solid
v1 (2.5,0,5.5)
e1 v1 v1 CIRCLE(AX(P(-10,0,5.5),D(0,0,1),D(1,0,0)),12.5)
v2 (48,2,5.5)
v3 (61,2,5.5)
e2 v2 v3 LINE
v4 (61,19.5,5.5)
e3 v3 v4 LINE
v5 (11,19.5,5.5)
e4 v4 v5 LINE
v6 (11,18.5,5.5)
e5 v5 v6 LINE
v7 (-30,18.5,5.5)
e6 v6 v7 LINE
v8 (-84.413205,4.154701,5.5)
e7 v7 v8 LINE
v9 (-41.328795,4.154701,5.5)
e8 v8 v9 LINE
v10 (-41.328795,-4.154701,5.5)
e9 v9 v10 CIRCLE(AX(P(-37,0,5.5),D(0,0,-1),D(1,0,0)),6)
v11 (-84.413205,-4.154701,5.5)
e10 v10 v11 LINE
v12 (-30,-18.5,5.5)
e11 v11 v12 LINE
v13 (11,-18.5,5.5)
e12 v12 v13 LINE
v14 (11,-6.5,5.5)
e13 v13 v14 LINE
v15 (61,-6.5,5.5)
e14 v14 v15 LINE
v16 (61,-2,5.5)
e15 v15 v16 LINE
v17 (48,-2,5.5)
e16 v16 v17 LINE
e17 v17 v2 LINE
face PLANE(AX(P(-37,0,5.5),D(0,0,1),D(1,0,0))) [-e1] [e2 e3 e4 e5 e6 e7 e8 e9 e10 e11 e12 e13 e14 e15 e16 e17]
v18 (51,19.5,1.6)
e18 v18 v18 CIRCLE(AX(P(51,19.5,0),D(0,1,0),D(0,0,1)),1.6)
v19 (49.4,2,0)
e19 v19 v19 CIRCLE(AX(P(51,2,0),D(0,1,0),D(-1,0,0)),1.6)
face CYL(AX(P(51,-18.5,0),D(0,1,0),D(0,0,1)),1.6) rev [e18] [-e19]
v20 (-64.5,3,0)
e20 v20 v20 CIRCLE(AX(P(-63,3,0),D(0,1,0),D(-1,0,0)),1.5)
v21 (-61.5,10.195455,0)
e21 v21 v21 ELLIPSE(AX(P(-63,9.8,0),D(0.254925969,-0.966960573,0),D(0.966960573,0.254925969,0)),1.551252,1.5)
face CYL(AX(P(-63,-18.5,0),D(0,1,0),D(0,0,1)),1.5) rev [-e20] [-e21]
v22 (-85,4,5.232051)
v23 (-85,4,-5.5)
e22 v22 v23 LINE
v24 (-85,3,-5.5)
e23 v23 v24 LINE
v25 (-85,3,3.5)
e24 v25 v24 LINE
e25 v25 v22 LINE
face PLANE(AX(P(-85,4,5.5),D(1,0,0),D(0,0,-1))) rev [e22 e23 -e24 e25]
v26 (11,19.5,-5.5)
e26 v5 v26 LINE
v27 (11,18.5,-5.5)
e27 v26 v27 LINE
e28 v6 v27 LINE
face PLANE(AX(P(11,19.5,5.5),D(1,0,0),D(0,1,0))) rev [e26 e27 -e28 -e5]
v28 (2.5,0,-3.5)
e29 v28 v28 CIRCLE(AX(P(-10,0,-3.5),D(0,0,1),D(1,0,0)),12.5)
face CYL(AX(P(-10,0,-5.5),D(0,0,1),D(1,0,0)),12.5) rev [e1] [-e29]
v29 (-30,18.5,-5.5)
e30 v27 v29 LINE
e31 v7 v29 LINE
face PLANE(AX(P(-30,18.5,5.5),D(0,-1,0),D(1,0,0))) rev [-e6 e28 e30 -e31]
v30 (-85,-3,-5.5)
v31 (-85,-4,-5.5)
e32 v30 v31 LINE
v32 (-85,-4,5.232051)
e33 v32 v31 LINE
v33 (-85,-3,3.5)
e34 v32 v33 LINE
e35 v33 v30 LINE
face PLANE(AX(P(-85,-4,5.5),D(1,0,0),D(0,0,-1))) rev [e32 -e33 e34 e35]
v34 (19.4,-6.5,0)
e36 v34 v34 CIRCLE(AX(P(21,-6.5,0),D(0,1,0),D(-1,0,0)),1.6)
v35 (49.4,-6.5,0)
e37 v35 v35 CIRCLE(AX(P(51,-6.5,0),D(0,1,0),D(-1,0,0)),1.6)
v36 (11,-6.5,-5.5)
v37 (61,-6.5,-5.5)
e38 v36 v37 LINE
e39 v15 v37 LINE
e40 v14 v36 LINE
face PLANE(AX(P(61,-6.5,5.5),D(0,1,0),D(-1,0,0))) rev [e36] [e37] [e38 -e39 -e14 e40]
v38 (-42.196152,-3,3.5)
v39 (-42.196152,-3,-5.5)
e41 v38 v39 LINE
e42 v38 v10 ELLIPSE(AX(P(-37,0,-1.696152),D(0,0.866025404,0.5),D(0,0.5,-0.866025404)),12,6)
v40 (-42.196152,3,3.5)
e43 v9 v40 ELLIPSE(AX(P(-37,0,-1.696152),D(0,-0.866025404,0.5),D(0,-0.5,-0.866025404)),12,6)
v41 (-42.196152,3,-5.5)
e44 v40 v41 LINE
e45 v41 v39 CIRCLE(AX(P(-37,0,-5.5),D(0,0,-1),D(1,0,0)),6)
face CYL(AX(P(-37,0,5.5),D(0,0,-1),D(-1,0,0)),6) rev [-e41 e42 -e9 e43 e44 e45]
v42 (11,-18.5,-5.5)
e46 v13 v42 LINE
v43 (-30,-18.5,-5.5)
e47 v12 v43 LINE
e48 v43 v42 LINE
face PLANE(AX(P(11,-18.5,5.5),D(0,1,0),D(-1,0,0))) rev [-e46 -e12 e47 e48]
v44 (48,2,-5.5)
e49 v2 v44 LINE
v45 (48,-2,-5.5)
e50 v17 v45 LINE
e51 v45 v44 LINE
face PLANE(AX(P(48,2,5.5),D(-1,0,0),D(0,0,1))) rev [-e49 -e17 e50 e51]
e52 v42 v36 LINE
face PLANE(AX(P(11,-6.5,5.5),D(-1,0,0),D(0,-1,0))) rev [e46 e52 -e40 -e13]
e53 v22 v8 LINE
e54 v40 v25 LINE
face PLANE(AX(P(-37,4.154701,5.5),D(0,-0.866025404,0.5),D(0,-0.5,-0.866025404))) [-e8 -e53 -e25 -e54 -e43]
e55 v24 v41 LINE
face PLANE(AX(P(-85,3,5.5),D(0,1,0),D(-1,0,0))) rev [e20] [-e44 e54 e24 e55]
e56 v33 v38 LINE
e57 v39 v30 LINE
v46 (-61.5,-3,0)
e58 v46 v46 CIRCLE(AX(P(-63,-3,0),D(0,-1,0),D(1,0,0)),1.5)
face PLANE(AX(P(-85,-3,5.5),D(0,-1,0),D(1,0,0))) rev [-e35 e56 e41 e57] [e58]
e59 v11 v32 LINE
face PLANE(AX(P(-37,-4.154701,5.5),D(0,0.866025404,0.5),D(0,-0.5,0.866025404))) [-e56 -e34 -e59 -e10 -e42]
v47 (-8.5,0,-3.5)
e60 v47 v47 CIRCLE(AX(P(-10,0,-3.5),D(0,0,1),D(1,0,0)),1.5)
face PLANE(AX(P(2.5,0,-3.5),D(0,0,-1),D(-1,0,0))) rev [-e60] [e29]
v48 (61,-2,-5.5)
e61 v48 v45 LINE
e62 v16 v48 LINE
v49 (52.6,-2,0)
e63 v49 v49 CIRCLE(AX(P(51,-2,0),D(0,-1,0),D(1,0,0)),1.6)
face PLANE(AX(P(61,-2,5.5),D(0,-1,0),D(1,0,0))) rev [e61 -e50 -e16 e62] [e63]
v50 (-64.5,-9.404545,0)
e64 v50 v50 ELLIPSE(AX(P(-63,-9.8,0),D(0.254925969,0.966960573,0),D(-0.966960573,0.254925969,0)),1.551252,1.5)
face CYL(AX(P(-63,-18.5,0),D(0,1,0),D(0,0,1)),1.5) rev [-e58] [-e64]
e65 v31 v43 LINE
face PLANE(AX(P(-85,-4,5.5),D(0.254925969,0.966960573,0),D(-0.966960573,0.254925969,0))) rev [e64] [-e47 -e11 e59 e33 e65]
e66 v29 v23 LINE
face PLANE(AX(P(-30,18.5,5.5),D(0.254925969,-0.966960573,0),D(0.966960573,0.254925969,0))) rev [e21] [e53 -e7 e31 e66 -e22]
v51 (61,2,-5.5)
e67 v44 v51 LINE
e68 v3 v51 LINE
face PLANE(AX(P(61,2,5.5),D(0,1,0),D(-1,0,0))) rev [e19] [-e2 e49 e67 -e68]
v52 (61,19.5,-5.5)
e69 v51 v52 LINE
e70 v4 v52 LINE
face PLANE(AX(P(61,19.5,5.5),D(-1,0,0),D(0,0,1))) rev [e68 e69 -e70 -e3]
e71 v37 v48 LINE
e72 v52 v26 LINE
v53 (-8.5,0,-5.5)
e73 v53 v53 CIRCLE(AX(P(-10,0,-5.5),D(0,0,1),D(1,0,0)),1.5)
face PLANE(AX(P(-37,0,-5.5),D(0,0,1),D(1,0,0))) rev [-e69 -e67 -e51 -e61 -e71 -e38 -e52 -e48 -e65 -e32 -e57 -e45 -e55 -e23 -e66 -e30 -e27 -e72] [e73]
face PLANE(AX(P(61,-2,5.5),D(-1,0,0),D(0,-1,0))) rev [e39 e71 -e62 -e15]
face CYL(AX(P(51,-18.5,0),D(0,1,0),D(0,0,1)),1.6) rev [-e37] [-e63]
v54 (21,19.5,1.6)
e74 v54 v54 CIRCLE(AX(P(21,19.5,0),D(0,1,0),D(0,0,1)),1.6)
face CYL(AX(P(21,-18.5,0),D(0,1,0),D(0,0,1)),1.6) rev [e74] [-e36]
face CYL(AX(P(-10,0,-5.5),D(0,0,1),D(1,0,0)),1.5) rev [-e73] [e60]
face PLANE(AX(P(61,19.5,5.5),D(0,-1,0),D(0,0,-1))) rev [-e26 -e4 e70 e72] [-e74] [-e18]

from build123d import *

# Parameters (mm, degrees)
EXTRUDE1_DEPTH          = 5.5
SKETCH2_R               = 1.6
SKETCH2_R_2             = 1.5
CUT_EXTRUDE1_DEPTH      = 20.5
CUT_EXTRUDE1_DEPTH_BACK = 19.5
CHAMFER1_SIZE           = 2
CHAMFER1_SIZE2          = 1.154700538
CHAMFER1_PART_2_SIZE    = 2
CHAMFER1_PART_2_SIZE2   = 1.154700538


with BuildPart() as part:
    # Sketch1 → Extrude1 (new body, symmetric)
    with BuildSketch(Plane.XY):
        with BuildLine():
            Line((61, -2), (61, -6.5))
            Line((61, -6.5), (11, -6.5))
            Line((11, -6.5), (11, -18.5))
            Line((11, -18.5), (-30, -18.5))
            Line((-30, -18.5), (-85, -4))
            Line((-85, -4), (-85, -3))
            Line((-85, -3), (-42.196152423, -3))
            ThreePointArc((-42.196152423, -3), (-31, 0), (-42.196152423, 3))
            Line((-42.196152423, 3), (-85, 3))
            Line((-85, 3), (-85, 4))
            Line((-85, 4), (-30, 18.5))
            Line((-30, 18.5), (11, 18.5))
            Line((11, 18.5), (11, 19.5))
            Line((11, 19.5), (61, 19.5))
            Line((61, 19.5), (61, 2))
            Line((61, 2), (48, 2))
            Line((48, 2), (48, -2))
            Line((48, -2), (61, -2))
        make_face()
    extrude(amount=EXTRUDE1_DEPTH, both=True)

    # Sketch2 → Cut-Extrude1 (cut, two sides)
    with BuildSketch(Plane(origin=(0, 0, 0), x_dir=(1, 0, 0), z_dir=(0, 1, 0))) as cut_extrude1_sk:
        with Locations(Location((21, 0, 0), (0, 0, 270))):  # turned: the seam where the file's is
            Circle(SKETCH2_R)
        with Locations(Location((51, 0, 0), (0, 0, 270))):  # turned: the seam where the file's is
            Circle(SKETCH2_R)
        with Locations((-63, 0)):
            Circle(SKETCH2_R_2)
    extrude(amount=CUT_EXTRUDE1_DEPTH, mode=Mode.SUBTRACT)
    extrude(cut_extrude1_sk.sketch, amount=-CUT_EXTRUDE1_DEPTH_BACK, mode=Mode.SUBTRACT)

    # Chamfer1
    chamfer1_edges = [part.edges().sort_by_distance(p)[0] for p in [
        (-63.598076211, -3, 5.5),
    ]]
    chamfer1_side = [part.faces().sort_by_distance(p)[0] for p in [
        (-63.598076211, -3, -5.058053242),
    ]]
    chamfer(chamfer1_edges, length=CHAMFER1_SIZE, length2=CHAMFER1_SIZE2, reference=chamfer1_side[0])

    # Chamfer1 part 2
    chamfer1_part_2_edges = [part.edges().sort_by_distance(p)[0] for p in [
        (-63.598076211, 3, 5.5),
    ]]
    chamfer1_part_2_side = [part.faces().sort_by_distance(p)[0] for p in [
        (-63.598076211, 3, -5.058053242),
    ]]
    chamfer(chamfer1_part_2_edges, length=CHAMFER1_PART_2_SIZE, length2=CHAMFER1_PART_2_SIZE2, reference=chamfer1_part_2_side[0])

    # Sketch3 → Cut-Revolve1 (revolve, cut)
    with BuildSketch(Plane(origin=(0, 0, 0), x_dir=(1, 0, 0), z_dir=(0, 1, 0))):
        Polygon((-10, 5.5), (-8.5, 5.5), (-8.5, 3.5), (2.5, 3.5), (2.5, -5.5), (-10, -5.5), align=None)
    revolve(axis=Axis((-10, 0, -5.5), (0, 0, -1)), mode=Mode.SUBTRACT)


solid = part.part
